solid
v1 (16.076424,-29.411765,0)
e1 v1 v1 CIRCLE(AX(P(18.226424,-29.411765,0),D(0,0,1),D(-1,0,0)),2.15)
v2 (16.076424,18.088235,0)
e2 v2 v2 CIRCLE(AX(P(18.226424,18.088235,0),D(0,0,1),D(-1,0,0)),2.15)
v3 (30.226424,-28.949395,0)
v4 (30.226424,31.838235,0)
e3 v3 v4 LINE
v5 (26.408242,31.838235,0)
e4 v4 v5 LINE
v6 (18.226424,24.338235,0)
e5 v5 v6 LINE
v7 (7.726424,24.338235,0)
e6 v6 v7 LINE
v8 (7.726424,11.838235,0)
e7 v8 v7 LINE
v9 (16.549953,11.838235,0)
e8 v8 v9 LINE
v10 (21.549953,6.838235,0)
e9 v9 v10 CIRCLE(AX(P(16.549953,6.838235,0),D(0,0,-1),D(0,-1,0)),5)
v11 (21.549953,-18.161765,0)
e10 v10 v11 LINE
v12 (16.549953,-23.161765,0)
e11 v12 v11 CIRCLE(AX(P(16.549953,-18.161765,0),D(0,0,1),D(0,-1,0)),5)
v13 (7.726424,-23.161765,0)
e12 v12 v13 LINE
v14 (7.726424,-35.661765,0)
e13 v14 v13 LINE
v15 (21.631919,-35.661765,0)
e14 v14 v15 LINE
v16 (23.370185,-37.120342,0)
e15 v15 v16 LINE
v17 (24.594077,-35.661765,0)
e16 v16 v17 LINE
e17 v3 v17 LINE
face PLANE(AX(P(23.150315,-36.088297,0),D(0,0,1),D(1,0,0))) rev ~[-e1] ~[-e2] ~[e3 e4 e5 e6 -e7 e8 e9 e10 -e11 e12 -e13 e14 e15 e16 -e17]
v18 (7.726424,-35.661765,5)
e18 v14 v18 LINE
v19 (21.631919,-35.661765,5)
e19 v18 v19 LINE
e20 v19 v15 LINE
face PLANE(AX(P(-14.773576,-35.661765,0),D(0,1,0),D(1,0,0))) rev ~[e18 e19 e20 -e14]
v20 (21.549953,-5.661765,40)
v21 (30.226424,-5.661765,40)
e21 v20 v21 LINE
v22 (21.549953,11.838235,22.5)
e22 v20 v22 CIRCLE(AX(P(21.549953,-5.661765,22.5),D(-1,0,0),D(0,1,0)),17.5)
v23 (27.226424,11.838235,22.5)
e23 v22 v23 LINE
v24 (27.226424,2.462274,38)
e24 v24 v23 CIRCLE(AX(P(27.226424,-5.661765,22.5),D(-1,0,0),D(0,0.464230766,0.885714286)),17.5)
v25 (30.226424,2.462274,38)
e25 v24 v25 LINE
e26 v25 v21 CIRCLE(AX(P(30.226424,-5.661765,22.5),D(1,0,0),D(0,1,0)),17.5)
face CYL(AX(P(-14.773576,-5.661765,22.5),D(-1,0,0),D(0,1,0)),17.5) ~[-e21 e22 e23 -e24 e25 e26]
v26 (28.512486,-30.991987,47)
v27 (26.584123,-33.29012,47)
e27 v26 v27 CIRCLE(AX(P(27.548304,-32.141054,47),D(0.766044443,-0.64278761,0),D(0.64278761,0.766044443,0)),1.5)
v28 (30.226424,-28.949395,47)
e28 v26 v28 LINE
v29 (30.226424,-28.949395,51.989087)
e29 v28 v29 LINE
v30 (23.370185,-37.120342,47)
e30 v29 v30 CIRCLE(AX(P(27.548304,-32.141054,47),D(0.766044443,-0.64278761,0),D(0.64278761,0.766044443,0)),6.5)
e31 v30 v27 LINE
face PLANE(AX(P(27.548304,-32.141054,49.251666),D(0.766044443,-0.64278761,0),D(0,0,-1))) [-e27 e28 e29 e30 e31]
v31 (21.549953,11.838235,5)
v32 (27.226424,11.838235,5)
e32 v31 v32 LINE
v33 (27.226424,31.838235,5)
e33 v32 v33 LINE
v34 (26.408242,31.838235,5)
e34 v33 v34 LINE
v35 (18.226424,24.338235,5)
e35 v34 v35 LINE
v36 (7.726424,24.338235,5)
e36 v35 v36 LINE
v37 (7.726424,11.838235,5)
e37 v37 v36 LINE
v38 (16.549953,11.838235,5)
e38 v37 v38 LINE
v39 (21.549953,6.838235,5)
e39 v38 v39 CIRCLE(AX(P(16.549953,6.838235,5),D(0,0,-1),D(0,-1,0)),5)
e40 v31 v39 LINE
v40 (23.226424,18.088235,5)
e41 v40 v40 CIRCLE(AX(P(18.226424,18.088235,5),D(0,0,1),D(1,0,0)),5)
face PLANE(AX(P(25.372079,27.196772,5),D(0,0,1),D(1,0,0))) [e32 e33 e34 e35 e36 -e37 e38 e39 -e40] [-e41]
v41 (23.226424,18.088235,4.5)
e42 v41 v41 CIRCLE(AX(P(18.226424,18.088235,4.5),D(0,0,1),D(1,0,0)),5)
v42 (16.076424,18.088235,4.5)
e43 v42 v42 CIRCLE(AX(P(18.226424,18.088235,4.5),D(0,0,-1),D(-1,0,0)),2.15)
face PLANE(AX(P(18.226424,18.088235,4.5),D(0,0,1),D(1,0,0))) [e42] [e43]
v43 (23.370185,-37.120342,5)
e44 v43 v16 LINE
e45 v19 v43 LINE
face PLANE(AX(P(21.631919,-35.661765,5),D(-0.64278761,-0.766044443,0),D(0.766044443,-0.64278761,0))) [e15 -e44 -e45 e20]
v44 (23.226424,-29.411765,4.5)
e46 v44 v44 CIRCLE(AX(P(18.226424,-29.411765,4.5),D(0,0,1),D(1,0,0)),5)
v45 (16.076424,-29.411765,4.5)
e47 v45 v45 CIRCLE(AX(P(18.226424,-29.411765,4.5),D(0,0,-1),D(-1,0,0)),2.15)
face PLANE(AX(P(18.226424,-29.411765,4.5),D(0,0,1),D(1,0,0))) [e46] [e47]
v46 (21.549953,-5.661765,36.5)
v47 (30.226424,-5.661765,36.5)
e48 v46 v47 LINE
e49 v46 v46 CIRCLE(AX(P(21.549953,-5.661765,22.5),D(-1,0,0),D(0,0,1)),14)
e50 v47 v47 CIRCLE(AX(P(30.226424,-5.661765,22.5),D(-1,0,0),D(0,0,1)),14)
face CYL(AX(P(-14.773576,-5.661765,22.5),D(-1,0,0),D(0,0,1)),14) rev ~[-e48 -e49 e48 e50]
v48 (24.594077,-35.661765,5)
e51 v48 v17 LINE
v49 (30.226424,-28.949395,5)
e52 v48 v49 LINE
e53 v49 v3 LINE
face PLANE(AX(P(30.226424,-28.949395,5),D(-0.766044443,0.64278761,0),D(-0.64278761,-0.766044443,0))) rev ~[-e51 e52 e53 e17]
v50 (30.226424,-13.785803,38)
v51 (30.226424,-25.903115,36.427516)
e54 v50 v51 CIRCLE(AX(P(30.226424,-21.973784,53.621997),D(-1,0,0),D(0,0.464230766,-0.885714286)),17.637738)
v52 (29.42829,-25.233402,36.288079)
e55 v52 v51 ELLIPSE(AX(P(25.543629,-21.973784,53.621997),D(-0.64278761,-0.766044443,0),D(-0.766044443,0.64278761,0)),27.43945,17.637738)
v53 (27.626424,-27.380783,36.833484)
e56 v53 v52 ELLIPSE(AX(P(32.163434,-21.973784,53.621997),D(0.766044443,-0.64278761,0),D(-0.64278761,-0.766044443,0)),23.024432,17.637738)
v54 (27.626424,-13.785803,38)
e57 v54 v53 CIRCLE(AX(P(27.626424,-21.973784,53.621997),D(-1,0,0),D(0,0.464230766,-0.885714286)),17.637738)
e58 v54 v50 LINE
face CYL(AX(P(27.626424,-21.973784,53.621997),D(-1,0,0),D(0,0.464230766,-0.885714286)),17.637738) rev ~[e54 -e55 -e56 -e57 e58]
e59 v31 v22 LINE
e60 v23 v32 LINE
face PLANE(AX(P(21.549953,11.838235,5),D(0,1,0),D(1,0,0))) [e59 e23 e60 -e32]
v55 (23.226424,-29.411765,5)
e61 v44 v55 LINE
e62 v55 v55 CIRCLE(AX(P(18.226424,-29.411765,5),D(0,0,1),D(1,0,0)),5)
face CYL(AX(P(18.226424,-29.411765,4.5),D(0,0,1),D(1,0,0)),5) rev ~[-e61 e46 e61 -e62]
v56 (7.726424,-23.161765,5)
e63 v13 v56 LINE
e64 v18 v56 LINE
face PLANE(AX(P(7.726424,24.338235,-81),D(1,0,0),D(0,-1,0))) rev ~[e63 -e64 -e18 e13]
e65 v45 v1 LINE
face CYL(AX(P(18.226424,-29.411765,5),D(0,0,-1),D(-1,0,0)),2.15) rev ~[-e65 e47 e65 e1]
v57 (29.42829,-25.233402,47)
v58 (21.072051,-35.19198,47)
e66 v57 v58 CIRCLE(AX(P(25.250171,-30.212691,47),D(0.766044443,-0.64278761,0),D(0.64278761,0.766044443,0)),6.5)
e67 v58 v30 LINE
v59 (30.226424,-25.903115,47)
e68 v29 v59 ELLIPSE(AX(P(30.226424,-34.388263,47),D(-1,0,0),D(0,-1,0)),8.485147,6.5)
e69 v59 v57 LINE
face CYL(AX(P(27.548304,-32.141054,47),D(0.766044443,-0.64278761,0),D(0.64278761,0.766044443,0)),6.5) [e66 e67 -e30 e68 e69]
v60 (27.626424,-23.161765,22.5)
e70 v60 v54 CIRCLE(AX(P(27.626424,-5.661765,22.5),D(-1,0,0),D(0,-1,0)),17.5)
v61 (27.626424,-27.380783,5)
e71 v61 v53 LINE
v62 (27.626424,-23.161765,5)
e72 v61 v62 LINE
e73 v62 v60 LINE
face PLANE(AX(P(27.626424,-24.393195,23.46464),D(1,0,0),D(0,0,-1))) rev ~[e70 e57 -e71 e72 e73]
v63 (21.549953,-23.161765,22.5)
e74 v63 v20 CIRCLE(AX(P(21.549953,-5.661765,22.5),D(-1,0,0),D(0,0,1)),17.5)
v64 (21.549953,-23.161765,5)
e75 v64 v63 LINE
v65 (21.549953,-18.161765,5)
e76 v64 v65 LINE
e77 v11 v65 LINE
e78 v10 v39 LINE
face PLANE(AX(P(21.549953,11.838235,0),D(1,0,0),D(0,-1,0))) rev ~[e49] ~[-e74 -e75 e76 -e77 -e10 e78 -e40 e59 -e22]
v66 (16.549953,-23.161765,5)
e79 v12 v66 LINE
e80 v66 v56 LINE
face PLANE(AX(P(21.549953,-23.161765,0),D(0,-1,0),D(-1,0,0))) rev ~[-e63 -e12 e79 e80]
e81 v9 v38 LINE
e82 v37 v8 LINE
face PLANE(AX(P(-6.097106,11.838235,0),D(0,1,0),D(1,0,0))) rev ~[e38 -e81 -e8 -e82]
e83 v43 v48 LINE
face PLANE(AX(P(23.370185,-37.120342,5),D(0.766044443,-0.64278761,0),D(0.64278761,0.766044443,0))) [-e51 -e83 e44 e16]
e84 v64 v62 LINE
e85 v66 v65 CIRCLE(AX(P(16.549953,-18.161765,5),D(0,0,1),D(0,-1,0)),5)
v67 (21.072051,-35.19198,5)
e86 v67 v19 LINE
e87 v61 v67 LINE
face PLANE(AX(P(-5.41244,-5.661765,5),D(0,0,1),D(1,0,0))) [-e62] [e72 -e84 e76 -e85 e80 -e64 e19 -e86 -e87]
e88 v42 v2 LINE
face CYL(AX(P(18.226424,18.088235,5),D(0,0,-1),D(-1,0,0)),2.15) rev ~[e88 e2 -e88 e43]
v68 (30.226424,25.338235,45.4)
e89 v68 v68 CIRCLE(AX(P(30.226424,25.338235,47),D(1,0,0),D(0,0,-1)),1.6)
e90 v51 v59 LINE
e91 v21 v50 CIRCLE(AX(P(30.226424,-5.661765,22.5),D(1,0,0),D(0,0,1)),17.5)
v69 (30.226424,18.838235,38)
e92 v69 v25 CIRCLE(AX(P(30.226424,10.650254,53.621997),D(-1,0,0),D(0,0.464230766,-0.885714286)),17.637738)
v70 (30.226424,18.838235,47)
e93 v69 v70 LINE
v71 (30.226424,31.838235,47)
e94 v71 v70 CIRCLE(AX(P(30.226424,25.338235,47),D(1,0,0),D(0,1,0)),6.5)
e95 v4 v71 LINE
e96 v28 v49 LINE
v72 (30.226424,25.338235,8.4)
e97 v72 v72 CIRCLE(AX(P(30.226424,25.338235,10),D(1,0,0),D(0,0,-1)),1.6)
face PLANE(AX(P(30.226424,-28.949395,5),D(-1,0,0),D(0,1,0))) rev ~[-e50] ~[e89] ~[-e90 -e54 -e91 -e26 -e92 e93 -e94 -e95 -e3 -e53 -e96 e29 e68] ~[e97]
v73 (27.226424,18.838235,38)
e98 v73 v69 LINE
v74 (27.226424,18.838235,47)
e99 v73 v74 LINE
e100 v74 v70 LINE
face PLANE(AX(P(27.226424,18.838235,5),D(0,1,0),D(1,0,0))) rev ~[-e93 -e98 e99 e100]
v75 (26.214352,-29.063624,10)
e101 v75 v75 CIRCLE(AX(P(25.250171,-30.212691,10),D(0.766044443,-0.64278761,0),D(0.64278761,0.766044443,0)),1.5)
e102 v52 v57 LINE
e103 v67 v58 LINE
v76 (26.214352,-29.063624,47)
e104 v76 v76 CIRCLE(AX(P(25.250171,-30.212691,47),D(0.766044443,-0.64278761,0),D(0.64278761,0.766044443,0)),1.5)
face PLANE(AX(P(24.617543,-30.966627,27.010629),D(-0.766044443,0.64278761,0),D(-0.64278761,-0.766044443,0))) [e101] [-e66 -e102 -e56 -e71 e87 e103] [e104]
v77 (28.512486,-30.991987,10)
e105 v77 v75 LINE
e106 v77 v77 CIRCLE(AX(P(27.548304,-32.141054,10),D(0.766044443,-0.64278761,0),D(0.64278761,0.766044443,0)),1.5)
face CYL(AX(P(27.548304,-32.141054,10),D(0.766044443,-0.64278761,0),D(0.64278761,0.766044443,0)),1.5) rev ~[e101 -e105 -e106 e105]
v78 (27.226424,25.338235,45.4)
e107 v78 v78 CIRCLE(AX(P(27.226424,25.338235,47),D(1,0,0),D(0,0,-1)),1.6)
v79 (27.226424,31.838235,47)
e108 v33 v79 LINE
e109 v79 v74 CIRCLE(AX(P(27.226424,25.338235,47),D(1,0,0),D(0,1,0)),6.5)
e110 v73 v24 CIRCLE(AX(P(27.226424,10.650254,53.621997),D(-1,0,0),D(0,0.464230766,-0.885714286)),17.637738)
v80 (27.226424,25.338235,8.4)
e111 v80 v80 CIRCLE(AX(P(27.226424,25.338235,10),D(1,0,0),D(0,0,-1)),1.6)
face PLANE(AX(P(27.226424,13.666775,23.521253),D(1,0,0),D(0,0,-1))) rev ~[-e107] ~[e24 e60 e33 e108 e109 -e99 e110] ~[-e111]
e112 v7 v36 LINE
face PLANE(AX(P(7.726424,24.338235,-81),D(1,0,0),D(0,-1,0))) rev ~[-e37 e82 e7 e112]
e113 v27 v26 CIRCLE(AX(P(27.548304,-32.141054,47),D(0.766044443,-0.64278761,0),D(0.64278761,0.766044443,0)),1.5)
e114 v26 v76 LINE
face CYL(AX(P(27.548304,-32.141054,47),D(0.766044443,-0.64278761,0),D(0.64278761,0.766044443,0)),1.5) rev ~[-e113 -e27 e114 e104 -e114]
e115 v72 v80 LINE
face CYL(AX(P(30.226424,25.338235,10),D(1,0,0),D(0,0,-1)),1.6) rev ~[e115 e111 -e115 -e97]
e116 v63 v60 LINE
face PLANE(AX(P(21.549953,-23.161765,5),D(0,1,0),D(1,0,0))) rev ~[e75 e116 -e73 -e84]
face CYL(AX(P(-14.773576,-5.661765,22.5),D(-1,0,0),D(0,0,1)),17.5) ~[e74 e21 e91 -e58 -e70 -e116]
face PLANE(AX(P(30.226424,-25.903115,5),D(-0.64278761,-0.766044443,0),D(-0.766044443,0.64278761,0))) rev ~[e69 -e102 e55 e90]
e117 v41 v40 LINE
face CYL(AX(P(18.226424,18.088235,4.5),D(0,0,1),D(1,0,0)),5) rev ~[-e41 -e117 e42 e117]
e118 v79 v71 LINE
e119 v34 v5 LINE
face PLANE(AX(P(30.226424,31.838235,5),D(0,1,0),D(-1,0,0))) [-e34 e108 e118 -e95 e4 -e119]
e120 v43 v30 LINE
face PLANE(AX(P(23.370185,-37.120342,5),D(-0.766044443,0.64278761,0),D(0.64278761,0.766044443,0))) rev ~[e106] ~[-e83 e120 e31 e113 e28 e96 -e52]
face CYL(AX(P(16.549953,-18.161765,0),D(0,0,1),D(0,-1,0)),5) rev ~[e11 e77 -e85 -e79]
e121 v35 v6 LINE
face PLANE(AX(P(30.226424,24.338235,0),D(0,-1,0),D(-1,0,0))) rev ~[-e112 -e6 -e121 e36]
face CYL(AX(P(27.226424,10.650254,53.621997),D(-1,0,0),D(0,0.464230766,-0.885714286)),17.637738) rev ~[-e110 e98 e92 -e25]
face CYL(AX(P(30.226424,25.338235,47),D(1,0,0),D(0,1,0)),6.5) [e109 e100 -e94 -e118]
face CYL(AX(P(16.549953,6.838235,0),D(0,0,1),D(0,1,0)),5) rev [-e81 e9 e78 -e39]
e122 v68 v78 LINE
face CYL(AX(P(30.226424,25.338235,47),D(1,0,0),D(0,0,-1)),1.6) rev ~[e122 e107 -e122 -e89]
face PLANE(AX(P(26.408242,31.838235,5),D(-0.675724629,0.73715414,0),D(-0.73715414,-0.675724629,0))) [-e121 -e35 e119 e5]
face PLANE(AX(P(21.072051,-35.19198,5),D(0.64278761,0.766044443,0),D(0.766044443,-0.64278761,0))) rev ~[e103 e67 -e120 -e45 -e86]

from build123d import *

# Parameters (mm, degrees)
EXTRUDE_2_DEPTH                = 5
SKETCH_4_W                     = 8.676470589
SKETCH_4_H                     = 35
SKETCH_4_W_2                   = 8.676470588
EXTRUDE_15_DEPTH               = 35
CUT_EXTRUDE_1_DEPTH            = 45
SKETCH_6_R                     = 14
CUT_EXTRUDE_2_DEPTH            = 45
FILLET_1_R                     = 5
SKETCH_7_R                     = 15
SKETCH_7_R_2                   = 13
EXTRUDE_16_DEPTH               = 1
SPLIT_BODIES_1_SURFACE_1_BACK  = 86
SPLIT_BODIES_1_SURFACE_1_DEPTH = 172
SPLIT_BODIES_1_SURFACE_2_BACK  = 86
SPLIT_BODIES_1_SURFACE_2_DEPTH = 172
HOLE_WIZARD_1_D                = 4.3
HOLE_WIZARD_1_DEPTH            = 5
HOLE_WIZARD_1_CBORE_D          = 10
HOLE_WIZARD_1_CBORE_DEPTH      = 0.5
HOLE_WIZARD_1_TIP              = 1.291850331
SKETCH_17_W                    = 3
SKETCH_17_H                    = 13
EXTRUDE_20_DEPTH               = 42
EXTRUDE_21_DEPTH               = 3
SKETCH_19_R                    = 1.6
CUT_EXTRUDE_3_DEPTH            = 3
EXTRUDE_START                  = -3
EXTRUDE_25_DEPTH               = 3
EXTRUDE_22_DEPTH               = 5
EXTRUDE_26_DEPTH               = 42
EXTRUDE_START_2                = -2.6
EXTRUDE_27_DEPTH               = 2.6
CUT_EXTRUDE_5_DEPTH            = 22.6
EXTRUDE_29_REACH               = 85.035
SKETCH_42_R                    = 1.5
CUT_EXTRUDE_6_DEPTH            = 84.034846606
CUT_EXTRUDE_7_DEPTH            = 8.6
EXTRUDE_31_DEPTH               = 5


with BuildPart() as part:
    # 草图2 → 凸台-拉伸2 (new body)
    with BuildSketch(Plane.XY):
        Polygon((7.726423565, 24.338235294), (-14.773576435, 24.338235294), (-14.773576435, -35.661764706), (7.726423565, -35.661764706), (7.726423565, -23.161764706), (-6.097105846, -23.161764706), (-6.097105846, 11.838235294), (7.726423565, 11.838235294), align=None)
        Polygon((30.226423565, 24.338235294), (7.726423565, 24.338235294), (7.726423565, 11.838235294), (21.549952977, 11.838235294), (21.549952977, -23.161764706), (7.726423565, -23.161764706), (7.726423565, -35.661764706), (30.226423565, -35.661764706), align=None)
    extrude(amount=EXTRUDE_2_DEPTH)

    # 草图4 → 凸台-拉伸15 (add)
    with BuildSketch(Plane.XY.offset(5)):
        with Locations((-10.435341141, -5.661764706)):
            Rectangle(SKETCH_4_W, SKETCH_4_H)
        with Locations((25.888188271, -5.661764706)):
            Rectangle(SKETCH_4_W_2, SKETCH_4_H)
    extrude(amount=EXTRUDE_15_DEPTH)

    # 草图5 → 切除-拉伸1 (cut)
    with BuildSketch(Plane.ZY.offset(14.773576435)):
        with BuildLine():
            Line((40, -23.161764706), (40, -5.661764706))
            ThreePointArc((40, -5.661764706), (34.874368671, -18.036133377), (22.5, -23.161764706))
            Line((22.5, -23.161764706), (40, -23.161764706))
        make_face()
        with BuildLine():
            ThreePointArc((22.5, 11.838235294), (34.874368671, 6.712603965), (40, -5.661764706))
            Line((40, -5.661764706), (40, 11.838235294))
            Line((40, 11.838235294), (22.5, 11.838235294))
        make_face()
    extrude(amount=-CUT_EXTRUDE_1_DEPTH, mode=Mode.SUBTRACT)

    # 草图6 → 切除-拉伸2 (cut)
    with BuildSketch(Plane.ZY.offset(14.773576435)):
        with Locations((22.5, -5.661764706)):
            Circle(SKETCH_6_R)
    extrude(amount=-CUT_EXTRUDE_2_DEPTH, mode=Mode.SUBTRACT)

    # 圆角1
    fillet_1_edges = [part.edges().sort_by_distance(p)[0] for p in [
        (-6.097105846, 11.838235294, 2.5),
        (-6.097105846, -23.161764706, 2.5),
        (21.549952977, -23.161764706, 2.5),
        (21.549952977, 11.838235294, 2.5),
    ]]
    fillet(fillet_1_edges, radius=FILLET_1_R)

    # 草图7 → 凸台-拉伸16 (add)
    with BuildSketch(Plane(origin=(-6.097105846, 0, 0), x_dir=(0, 0, -1), z_dir=(1, 0, 0))):
        with Locations((-22.5, -5.661764706)):
            Circle(SKETCH_7_R)
        with Locations((-22.5, -5.661764706)):
            Circle(SKETCH_7_R_2, mode=Mode.SUBTRACT)
    extrude(amount=-EXTRUDE_16_DEPTH)


with BuildPart() as body_2:
    # Split Bodies 1: the piece behind the surface
    add(part.part)
    # Split Bodies 1 surface: a surface, the sketch's curves swept straight by 172 mm
    with BuildLine(Plane.XY.offset(5).offset(-SPLIT_BODIES_1_SURFACE_1_BACK), mode=Mode.PRIVATE) as split_bodies_1_surface_1_path:
        Line((7.726423565, 24.338235294), (7.726423565, -35.661764706))
    split_bodies_1_surface_1 = Shell.extrude(split_bodies_1_surface_1_path.wire(), (0 * SPLIT_BODIES_1_SURFACE_1_DEPTH, 0 * SPLIT_BODIES_1_SURFACE_1_DEPTH, 1 * SPLIT_BODIES_1_SURFACE_1_DEPTH))
    split(bisect_by=split_bodies_1_surface_1, keep=Keep.BOTTOM)


with BuildPart() as part_1:
    add(part.part)

    # Split Bodies 1: split by a surface, the side it looks to stays
    # Split Bodies 1 surface: a surface, the sketch's curves swept straight by 172 mm
    with BuildLine(Plane.XY.offset(5).offset(-SPLIT_BODIES_1_SURFACE_2_BACK), mode=Mode.PRIVATE) as split_bodies_1_surface_2_path:
        Line((7.726423565, 24.338235294), (7.726423565, -35.661764706))
    split_bodies_1_surface_2 = Shell.extrude(split_bodies_1_surface_2_path.wire(), (0 * SPLIT_BODIES_1_SURFACE_2_DEPTH, 0 * SPLIT_BODIES_1_SURFACE_2_DEPTH, 1 * SPLIT_BODIES_1_SURFACE_2_DEPTH))
    split(bisect_by=split_bodies_1_surface_2, keep=Keep.TOP)

    # 打孔尺寸(%根据六角头螺)栓 全螺纹的类型1
    with Locations(Plane(origin=(18.226423565, 18.088235294, 5), x_dir=(1, 0, 0), z_dir=(0, 0, 1))):
        with Locations((0, 0), (0, -47.5)):
            CounterBoreHole(HOLE_WIZARD_1_D / 2, HOLE_WIZARD_1_CBORE_D / 2, HOLE_WIZARD_1_CBORE_DEPTH, depth=HOLE_WIZARD_1_DEPTH)
            with Locations((0, 0, -(HOLE_WIZARD_1_DEPTH + HOLE_WIZARD_1_TIP / 2))):  # 118° drill point
                Cone(0, HOLE_WIZARD_1_D / 2, HOLE_WIZARD_1_TIP, mode=Mode.SUBTRACT)

    # 草图17 → 凸台-拉伸20 (add)
    with BuildSketch(Plane.XY.offset(5)):
        with Locations((28.726423565, 25.338235294)):
            Rectangle(SKETCH_17_W, SKETCH_17_H)
    extrude(amount=EXTRUDE_20_DEPTH)

    # 草图18 → 凸台-拉伸21 (add)
    with BuildSketch(Plane(origin=(30.226423565, 0, 0), x_dir=(0, 0, -1), z_dir=(1, 0, 0))):
        with BuildLine():
            Line((-47, 18.838235294), (-47, 31.838235294))
            ThreePointArc((-47, 31.838235294), (-53.5, 25.338235294), (-47, 18.838235294))
        make_face()
    extrude(amount=-EXTRUDE_21_DEPTH)

    # 草图19 → 切除-拉伸3 (cut)
    with BuildSketch(Plane(origin=(30.226423565, 0, 0), x_dir=(0, 0, -1), z_dir=(1, 0, 0))):
        with Locations((-47, 25.338235294)):
            Circle(SKETCH_19_R)
        with Locations((-10, 25.338235294)):
            Circle(SKETCH_19_R)
    extrude(amount=-CUT_EXTRUDE_3_DEPTH, mode=Mode.SUBTRACT)

    # 草图24 → 凸台-拉伸25 (add)
    with BuildSketch(Plane(origin=(30.226423565, 0, 0), x_dir=(0, 0, -1), z_dir=(1, 0, 0)).offset(EXTRUDE_START)):
        with BuildLine():
            Line((-5, 18.838235294), (-38, 18.838235294))
            ThreePointArc((-38, 18.838235294), (-35.984258471, 10.650254496), (-38, 2.462273699))
            ThreePointArc((-38, 2.462273699), (-31.557574949, 9.311890026), (-22.5, 11.838235294))
            Line((-22.5, 11.838235294), (-5, 11.838235294))
            Line((-5, 11.838235294), (-5, 18.838235294))
        make_face()
    extrude(amount=EXTRUDE_25_DEPTH)

    # 草图21 → 凸台-拉伸22 (add)
    with BuildSketch(Plane.XY.offset(5)):
        Polygon((18.226423565, 24.338235294), (30.226423565, 24.338235294), (30.226423565, 31.838235294), (26.408241747, 31.838235294), align=None)
    extrude(amount=-EXTRUDE_22_DEPTH)

    # 草图34 → 凸台-拉伸26 (add)
    with BuildSketch(Plane.XY.offset(5)):
        Polygon((21.07205131, -35.191979637), (23.370184639, -37.120342466), (30.226423565, -28.949395095), (30.226423565, -25.903115259), (29.428290236, -25.233401877), align=None)
    extrude(amount=EXTRUDE_26_DEPTH)

    # 草图37 → 凸台-拉伸27 (add)
    with BuildSketch(Plane(origin=(30.226423565, 0, 0), x_dir=(0, 0, -1), z_dir=(1, 0, 0)).offset(EXTRUDE_START_2)):
        with BuildLine():
            Line((-37.42228501, -28.949395095), (-5, -28.949395095))
            Line((-5, -28.949395095), (-5, -23.161764706))
            Line((-5, -23.161764706), (-22.5, -23.161764706))
            ThreePointArc((-22.5, -23.161764706), (-31.557574949, -20.635419438), (-38, -13.785803111))
            ThreePointArc((-38, -13.785803111), (-35.997045319, -21.302294019), (-37.42228501, -28.949395095))
        make_face()
    extrude(amount=EXTRUDE_27_DEPTH)

    # 草图38 → 切除-拉伸5 (cut)
    with BuildSketch(Plane.XY.offset(5)):
        Polygon((30.226423565, -35.661764706), (30.226423565, -28.949395095), (24.5940767, -35.661764706), align=None)
    extrude(amount=-CUT_EXTRUDE_5_DEPTH, mode=Mode.SUBTRACT)

    # 凸台-拉伸29: up to this face of the body (flat: up to its plane)
    extrude_29_end = Plane(part_1.part.faces().sort_by_distance((24.617542998, -30.966627181, 27.010629393))[0])
    # 草图41 → 凸台-拉伸29 (add, up to the picked face)
    with BuildSketch(Plane(origin=(31.992387835, -26.844800832, 0), x_dir=(0, 0, -1), z_dir=(0.7660444431189818, -0.6427876096865348, 0)), mode=Mode.PRIVATE) as extrude_29_sk1:
        with BuildLine():
            Line((-47, -13.413766951), (-47, -0.413766951))
            ThreePointArc((-47, -0.413766951), (-53.5, -6.913766951), (-47, -13.413766951))
        make_face()
    extrude_29_tool1 = split(extrude(extrude_29_sk1.sketch, amount=-EXTRUDE_29_REACH, mode=Mode.PRIVATE), bisect_by=extrude_29_end, keep=Keep.BOTH, mode=Mode.PRIVATE)
    add(extrude_29_tool1.solids().sort_by(Axis((27.548304, -32.141054, 49.758686), (-0.7660444431189818, 0.6427876096865348, 0)))[0])

    # 草图42 → 切除-拉伸6 (cut, through all)
    with BuildSketch(Plane(origin=(31.992387835, -26.844800832, 0), x_dir=(0, 0, -1), z_dir=(0.7660444431189818, -0.6427876096865348, 0))):
        with Locations(Location((-47, -6.913766951, 0), (0, 0, 90))):
            Circle(SKETCH_42_R)
        with Locations(Location((-10, -6.913766951, 0), (0, 0, 90))):
            Circle(SKETCH_42_R)
    extrude(amount=-CUT_EXTRUDE_6_DEPTH, mode=Mode.SUBTRACT)

    # 草图44 → 切除-拉伸7 (cut)
    with BuildSketch(Plane(origin=(0, 0, 47), x_dir=(-1, 0, 0), z_dir=(0, 0, -1))):
        Polygon((-31.726423565, -27.161764706), (-30.226423565, -28.949395095), (-30.226423565, -25.903115259), align=None)
    extrude(amount=-CUT_EXTRUDE_7_DEPTH, mode=Mode.SUBTRACT)

    # 草图39 → 凸台-拉伸31 (add)
    with BuildSketch(Plane.XY.offset(5)):
        Polygon((24.5940767, -35.661764706), (21.631919353, -35.661764706), (23.370184639, -37.120342466), align=None)
    extrude(amount=-EXTRUDE_31_DEPTH)


solid = part_1.part
